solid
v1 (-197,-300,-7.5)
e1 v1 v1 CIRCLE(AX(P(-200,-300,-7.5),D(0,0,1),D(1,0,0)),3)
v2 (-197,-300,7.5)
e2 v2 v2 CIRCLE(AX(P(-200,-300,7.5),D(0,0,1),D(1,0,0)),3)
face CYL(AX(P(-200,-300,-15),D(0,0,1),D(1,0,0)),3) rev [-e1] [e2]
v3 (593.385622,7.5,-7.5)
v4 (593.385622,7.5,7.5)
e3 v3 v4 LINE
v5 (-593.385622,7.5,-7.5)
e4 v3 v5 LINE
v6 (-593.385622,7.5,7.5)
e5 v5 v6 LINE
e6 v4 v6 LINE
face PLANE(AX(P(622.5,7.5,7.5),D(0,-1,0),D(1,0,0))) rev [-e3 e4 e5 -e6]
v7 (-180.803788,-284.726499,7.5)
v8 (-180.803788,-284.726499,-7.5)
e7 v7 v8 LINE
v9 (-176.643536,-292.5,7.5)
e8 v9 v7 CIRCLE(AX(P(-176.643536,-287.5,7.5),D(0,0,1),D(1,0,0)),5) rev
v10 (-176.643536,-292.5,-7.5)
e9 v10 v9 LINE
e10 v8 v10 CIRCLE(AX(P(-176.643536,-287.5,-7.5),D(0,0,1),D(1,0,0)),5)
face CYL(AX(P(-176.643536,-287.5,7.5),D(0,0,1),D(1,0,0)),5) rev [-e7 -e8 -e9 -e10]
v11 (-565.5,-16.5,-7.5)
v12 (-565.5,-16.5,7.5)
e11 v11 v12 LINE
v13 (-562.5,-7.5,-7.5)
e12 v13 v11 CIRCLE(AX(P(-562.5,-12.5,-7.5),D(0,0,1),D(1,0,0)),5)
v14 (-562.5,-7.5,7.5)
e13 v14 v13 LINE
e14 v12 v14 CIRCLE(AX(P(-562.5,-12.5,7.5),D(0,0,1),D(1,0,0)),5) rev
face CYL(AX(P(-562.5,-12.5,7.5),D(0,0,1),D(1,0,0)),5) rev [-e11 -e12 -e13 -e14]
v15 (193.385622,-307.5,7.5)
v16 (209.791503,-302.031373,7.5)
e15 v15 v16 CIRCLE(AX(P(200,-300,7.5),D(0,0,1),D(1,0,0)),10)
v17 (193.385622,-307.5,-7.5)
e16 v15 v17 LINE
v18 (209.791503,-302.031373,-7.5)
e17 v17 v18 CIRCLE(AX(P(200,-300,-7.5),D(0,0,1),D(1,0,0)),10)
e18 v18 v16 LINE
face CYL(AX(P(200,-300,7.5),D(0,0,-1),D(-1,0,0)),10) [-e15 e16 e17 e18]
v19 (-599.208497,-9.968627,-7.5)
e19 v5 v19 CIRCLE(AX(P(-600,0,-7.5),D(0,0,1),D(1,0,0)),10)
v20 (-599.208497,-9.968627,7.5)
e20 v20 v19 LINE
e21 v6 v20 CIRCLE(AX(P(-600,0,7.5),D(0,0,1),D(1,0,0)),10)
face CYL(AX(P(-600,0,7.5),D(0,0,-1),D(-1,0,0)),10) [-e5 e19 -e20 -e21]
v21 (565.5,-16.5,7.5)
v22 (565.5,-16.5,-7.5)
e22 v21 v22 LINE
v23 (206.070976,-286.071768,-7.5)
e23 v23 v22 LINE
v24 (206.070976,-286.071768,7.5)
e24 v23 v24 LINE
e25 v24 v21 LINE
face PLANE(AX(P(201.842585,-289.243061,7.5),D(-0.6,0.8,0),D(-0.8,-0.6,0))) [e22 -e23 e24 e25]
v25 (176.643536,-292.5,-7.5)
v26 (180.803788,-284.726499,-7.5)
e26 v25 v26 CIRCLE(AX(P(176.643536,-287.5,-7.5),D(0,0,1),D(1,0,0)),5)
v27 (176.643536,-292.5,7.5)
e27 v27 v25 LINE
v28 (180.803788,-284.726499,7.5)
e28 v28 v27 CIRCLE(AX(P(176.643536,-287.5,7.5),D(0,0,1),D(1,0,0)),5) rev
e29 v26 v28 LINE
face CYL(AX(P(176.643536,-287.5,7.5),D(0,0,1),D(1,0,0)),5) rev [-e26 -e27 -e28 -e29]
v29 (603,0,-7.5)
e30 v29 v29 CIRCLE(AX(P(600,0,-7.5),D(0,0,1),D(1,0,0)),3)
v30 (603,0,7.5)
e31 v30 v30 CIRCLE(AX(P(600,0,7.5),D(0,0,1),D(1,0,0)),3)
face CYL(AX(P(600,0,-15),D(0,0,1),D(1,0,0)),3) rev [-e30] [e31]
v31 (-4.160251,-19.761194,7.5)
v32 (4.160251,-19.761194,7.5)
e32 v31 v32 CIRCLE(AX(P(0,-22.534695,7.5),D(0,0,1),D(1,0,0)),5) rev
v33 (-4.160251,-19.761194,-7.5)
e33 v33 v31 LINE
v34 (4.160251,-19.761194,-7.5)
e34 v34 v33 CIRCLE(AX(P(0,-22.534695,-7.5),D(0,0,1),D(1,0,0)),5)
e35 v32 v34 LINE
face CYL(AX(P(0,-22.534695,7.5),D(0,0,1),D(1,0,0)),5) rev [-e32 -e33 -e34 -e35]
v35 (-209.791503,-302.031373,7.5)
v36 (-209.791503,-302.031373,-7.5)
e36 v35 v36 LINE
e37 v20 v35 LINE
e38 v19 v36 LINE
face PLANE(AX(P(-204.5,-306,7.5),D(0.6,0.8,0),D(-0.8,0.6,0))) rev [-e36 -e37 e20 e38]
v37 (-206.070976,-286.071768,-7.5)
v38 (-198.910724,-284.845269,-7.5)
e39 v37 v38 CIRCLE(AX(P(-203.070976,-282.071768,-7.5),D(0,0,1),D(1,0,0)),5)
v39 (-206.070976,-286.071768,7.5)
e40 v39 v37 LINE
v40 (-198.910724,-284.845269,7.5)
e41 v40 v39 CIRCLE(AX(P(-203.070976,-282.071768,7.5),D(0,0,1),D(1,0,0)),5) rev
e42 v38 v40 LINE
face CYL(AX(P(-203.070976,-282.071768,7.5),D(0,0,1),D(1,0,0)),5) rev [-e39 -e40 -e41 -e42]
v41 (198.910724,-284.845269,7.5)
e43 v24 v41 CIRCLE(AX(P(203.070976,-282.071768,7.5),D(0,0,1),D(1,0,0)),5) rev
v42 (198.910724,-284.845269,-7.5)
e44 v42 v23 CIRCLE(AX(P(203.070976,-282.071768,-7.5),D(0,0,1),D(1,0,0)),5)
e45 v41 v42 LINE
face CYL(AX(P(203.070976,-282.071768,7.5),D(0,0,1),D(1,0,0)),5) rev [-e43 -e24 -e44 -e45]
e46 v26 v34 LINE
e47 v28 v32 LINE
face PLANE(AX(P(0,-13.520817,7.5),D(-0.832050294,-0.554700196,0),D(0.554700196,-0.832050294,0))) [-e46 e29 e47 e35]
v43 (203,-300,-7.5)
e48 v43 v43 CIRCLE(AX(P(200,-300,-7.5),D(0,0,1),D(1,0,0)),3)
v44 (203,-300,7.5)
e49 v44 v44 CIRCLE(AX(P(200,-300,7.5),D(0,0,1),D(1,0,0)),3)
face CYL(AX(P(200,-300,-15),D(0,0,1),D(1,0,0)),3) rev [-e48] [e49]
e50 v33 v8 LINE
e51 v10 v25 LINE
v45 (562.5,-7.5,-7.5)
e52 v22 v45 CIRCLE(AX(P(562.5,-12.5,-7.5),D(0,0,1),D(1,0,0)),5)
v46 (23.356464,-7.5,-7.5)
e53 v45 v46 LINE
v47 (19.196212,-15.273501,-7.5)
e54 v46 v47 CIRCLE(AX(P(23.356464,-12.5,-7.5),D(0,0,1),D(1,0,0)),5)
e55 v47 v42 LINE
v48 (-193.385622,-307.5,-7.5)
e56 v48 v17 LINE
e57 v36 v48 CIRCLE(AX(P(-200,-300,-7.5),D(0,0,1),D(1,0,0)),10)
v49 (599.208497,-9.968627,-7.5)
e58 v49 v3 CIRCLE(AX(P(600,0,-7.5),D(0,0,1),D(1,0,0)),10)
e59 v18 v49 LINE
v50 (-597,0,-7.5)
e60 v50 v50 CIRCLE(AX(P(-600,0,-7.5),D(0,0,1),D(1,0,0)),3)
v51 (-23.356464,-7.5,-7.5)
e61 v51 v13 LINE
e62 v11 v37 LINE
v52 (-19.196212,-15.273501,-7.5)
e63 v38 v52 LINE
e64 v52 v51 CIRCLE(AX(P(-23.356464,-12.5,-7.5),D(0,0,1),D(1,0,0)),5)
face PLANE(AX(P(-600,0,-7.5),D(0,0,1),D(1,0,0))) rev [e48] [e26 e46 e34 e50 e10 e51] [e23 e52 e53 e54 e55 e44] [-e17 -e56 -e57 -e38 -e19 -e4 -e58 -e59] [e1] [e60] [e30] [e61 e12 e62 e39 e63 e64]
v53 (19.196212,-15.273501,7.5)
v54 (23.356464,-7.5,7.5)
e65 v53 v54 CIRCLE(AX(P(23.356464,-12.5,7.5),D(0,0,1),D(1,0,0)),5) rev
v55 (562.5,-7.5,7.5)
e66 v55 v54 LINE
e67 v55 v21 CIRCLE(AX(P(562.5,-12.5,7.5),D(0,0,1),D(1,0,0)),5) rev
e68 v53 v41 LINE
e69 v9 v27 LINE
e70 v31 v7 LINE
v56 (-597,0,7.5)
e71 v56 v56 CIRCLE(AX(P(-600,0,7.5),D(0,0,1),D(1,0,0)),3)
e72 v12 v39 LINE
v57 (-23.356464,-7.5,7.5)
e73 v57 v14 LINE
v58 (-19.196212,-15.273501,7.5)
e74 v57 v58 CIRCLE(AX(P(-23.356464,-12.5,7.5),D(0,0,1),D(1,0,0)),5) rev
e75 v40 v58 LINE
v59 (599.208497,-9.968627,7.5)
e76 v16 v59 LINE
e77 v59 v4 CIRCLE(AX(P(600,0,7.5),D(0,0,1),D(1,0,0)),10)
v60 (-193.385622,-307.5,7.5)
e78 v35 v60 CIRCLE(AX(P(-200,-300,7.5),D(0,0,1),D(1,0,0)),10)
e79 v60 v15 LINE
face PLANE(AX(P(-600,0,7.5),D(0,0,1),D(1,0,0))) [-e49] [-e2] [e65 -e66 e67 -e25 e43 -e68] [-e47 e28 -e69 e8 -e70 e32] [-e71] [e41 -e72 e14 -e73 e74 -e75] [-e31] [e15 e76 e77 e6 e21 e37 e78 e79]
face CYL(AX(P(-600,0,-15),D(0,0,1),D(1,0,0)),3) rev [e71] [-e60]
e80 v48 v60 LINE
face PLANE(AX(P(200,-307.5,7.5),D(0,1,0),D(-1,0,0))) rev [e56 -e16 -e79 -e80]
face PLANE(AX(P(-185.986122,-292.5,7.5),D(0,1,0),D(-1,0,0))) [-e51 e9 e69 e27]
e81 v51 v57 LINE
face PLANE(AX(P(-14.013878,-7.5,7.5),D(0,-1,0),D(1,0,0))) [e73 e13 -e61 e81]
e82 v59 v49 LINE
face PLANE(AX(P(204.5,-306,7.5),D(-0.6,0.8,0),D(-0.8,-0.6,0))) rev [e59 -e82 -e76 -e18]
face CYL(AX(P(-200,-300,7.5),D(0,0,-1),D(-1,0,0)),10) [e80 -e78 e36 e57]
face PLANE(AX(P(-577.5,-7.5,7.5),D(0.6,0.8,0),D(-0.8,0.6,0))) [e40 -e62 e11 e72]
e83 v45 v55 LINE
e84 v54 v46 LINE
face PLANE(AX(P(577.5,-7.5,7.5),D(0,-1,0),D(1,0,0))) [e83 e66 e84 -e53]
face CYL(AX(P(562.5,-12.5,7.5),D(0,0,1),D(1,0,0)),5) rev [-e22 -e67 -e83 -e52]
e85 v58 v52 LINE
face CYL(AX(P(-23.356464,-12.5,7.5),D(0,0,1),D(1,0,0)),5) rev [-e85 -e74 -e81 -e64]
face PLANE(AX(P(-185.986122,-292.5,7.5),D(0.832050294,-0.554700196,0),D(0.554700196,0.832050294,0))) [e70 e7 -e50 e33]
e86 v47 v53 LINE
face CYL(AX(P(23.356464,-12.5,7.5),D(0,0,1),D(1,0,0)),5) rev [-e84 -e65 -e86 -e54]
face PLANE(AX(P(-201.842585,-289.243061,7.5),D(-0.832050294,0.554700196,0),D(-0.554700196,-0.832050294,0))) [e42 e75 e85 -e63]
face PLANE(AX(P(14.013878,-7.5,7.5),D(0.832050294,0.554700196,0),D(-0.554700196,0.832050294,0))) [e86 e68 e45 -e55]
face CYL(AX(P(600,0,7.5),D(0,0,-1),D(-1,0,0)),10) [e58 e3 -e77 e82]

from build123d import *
from build123d.topology import SkipClean

# Parameters (mm, degrees)
SKETCH1_R             = 10
SKETCH1_R_2           = 3
BOSS_EXTRUDE1_DEPTH   = 7.5
BOSS_EXTRUDE1_2_DEPTH = 7.5
BOSS_EXTRUDE1_3_DEPTH = 7.5
BOSS_EXTRUDE1_4_DEPTH = 7.5
BOSS_EXTRUDE2_DEPTH   = 7.5
SKETCH3_R             = 3
CUT_EXTRUDE1_DEPTH    = 15
FILLET1_R             = 5


with BuildPart() as part:
    # Sketch1 → Boss-Extrude1 (new, symmetric)
    with BuildSketch(Plane.XY):
        with Locations((-600, 0)):
            Circle(SKETCH1_R)
        with Locations((-600, 0)):
            Circle(SKETCH1_R_2, mode=Mode.SUBTRACT)
    extrude(amount=BOSS_EXTRUDE1_DEPTH, both=True)



with BuildPart() as body_2:
    # Sketch1 → Boss-Extrude1 2 (new, symmetric)
    with BuildSketch(Plane.XY):
        with Locations((-200, -300)):
            Circle(SKETCH1_R)
        with Locations((-200, -300)):
            Circle(SKETCH1_R_2, mode=Mode.SUBTRACT)
    extrude(amount=BOSS_EXTRUDE1_2_DEPTH, both=True)


with BuildPart() as body_3:
    # Sketch1 → Boss-Extrude1 3 (new, symmetric)
    with BuildSketch(Plane.XY):
        with Locations((200, -300)):
            Circle(SKETCH1_R)
        with Locations((200, -300)):
            Circle(SKETCH1_R_2, mode=Mode.SUBTRACT)
    extrude(amount=BOSS_EXTRUDE1_3_DEPTH, both=True)


with BuildPart() as body_4:
    # Sketch1 → Boss-Extrude1 4 (new, symmetric)
    with BuildSketch(Plane.XY):
        with Locations((600, 0)):
            Circle(SKETCH1_R)
        with Locations((600, 0)):
            Circle(SKETCH1_R_2, mode=Mode.SUBTRACT)
    extrude(amount=BOSS_EXTRUDE1_4_DEPTH, both=True)


with BuildPart() as part_1:
    add(part.part)

    add(body_2.part)  # Boss-Extrude2 merges body 2

    add(body_3.part)  # Boss-Extrude2 merges body 3

    add(body_4.part)  # Boss-Extrude2 merges body 4
    # Sketch2 → Boss-Extrude2 (add, symmetric)
    with BuildSketch(Plane.XY):
        Polygon((200, -307.5), (202.5, -307.5), (204.5, -306), (622.5, 7.5), (-622.5, 7.5), (-204.5, -306), (-202.5, -307.5), (-200, -307.5), align=None)
        Polygon((201.842585459, -289.243060906), (577.5, -7.5), (14.013878189, -7.5), align=None, mode=Mode.SUBTRACT)
        Polygon((-577.5, -7.5), (-201.842585459, -289.243060906), (-14.013878189, -7.5), align=None, mode=Mode.SUBTRACT)
        Polygon((-185.986121811, -292.5), (185.986121811, -292.5), (0, -13.520817283), align=None, mode=Mode.SUBTRACT)
    extrude(amount=BOSS_EXTRUDE2_DEPTH, both=True)

    # Sketch3 → Cut-Extrude1 (cut, symmetric)
    with SkipClean():  # the faces are left unmerged after this step: merging them gives an invalid solid
        with BuildSketch(Plane.XY):
            with Locations((-600, 0)):
                Circle(SKETCH3_R)
            with Locations((-200, -300)):
                Circle(SKETCH3_R)
            with Locations((200, -300)):
                Circle(SKETCH3_R)
            with Locations((600, 0)):
                Circle(SKETCH3_R)
            with BuildLine():
                Line((605.772412725, 8.165736423), (623.676739049, 10.899071484))
                Line((623.676739049, 10.899071484), (625.286418453, -4.2155453))
                Line((625.286418453, -4.2155453), (609.468772967, -3.215950638))
                ThreePointArc((609.468772967, -3.215950638), (609.511000758, 3.088829), (605.772412725, 8.165736423))
            make_face()
            with BuildLine():
                Line((-625.286418453, -4.2155453), (-609.468772967, -3.215950638))
                ThreePointArc((-609.468772967, -3.215950638), (-609.511000758, 3.088829), (-605.772412725, 8.165736423))
                Line((-605.772412725, 8.165736423), (-623.676739049, 10.899071484))
                Line((-623.676739049, 10.899071484), (-625.286418453, -4.2155453))
            make_face()
        extrude(amount=CUT_EXTRUDE1_DEPTH, both=True, mode=Mode.SUBTRACT)

    # Fillet1
    fillet1_edges = [part_1.edges().sort_by_distance(p)[0] for p in [
        (0, -13.520817283, 0),
        (-185.986121811, -292.5, 0),
        (185.986121811, -292.5, 0),
        (14.013878189, -7.5, 0),
        (201.842585459, -289.243060906, 0),
        (577.5, -7.5, 0),
        (-577.5, -7.5, 0),
        (-201.842585459, -289.243060906, 0),
        (-14.013878189, -7.5, 0),
    ]]
    fillet(fillet1_edges, radius=FILLET1_R)


solid = part_1.part
